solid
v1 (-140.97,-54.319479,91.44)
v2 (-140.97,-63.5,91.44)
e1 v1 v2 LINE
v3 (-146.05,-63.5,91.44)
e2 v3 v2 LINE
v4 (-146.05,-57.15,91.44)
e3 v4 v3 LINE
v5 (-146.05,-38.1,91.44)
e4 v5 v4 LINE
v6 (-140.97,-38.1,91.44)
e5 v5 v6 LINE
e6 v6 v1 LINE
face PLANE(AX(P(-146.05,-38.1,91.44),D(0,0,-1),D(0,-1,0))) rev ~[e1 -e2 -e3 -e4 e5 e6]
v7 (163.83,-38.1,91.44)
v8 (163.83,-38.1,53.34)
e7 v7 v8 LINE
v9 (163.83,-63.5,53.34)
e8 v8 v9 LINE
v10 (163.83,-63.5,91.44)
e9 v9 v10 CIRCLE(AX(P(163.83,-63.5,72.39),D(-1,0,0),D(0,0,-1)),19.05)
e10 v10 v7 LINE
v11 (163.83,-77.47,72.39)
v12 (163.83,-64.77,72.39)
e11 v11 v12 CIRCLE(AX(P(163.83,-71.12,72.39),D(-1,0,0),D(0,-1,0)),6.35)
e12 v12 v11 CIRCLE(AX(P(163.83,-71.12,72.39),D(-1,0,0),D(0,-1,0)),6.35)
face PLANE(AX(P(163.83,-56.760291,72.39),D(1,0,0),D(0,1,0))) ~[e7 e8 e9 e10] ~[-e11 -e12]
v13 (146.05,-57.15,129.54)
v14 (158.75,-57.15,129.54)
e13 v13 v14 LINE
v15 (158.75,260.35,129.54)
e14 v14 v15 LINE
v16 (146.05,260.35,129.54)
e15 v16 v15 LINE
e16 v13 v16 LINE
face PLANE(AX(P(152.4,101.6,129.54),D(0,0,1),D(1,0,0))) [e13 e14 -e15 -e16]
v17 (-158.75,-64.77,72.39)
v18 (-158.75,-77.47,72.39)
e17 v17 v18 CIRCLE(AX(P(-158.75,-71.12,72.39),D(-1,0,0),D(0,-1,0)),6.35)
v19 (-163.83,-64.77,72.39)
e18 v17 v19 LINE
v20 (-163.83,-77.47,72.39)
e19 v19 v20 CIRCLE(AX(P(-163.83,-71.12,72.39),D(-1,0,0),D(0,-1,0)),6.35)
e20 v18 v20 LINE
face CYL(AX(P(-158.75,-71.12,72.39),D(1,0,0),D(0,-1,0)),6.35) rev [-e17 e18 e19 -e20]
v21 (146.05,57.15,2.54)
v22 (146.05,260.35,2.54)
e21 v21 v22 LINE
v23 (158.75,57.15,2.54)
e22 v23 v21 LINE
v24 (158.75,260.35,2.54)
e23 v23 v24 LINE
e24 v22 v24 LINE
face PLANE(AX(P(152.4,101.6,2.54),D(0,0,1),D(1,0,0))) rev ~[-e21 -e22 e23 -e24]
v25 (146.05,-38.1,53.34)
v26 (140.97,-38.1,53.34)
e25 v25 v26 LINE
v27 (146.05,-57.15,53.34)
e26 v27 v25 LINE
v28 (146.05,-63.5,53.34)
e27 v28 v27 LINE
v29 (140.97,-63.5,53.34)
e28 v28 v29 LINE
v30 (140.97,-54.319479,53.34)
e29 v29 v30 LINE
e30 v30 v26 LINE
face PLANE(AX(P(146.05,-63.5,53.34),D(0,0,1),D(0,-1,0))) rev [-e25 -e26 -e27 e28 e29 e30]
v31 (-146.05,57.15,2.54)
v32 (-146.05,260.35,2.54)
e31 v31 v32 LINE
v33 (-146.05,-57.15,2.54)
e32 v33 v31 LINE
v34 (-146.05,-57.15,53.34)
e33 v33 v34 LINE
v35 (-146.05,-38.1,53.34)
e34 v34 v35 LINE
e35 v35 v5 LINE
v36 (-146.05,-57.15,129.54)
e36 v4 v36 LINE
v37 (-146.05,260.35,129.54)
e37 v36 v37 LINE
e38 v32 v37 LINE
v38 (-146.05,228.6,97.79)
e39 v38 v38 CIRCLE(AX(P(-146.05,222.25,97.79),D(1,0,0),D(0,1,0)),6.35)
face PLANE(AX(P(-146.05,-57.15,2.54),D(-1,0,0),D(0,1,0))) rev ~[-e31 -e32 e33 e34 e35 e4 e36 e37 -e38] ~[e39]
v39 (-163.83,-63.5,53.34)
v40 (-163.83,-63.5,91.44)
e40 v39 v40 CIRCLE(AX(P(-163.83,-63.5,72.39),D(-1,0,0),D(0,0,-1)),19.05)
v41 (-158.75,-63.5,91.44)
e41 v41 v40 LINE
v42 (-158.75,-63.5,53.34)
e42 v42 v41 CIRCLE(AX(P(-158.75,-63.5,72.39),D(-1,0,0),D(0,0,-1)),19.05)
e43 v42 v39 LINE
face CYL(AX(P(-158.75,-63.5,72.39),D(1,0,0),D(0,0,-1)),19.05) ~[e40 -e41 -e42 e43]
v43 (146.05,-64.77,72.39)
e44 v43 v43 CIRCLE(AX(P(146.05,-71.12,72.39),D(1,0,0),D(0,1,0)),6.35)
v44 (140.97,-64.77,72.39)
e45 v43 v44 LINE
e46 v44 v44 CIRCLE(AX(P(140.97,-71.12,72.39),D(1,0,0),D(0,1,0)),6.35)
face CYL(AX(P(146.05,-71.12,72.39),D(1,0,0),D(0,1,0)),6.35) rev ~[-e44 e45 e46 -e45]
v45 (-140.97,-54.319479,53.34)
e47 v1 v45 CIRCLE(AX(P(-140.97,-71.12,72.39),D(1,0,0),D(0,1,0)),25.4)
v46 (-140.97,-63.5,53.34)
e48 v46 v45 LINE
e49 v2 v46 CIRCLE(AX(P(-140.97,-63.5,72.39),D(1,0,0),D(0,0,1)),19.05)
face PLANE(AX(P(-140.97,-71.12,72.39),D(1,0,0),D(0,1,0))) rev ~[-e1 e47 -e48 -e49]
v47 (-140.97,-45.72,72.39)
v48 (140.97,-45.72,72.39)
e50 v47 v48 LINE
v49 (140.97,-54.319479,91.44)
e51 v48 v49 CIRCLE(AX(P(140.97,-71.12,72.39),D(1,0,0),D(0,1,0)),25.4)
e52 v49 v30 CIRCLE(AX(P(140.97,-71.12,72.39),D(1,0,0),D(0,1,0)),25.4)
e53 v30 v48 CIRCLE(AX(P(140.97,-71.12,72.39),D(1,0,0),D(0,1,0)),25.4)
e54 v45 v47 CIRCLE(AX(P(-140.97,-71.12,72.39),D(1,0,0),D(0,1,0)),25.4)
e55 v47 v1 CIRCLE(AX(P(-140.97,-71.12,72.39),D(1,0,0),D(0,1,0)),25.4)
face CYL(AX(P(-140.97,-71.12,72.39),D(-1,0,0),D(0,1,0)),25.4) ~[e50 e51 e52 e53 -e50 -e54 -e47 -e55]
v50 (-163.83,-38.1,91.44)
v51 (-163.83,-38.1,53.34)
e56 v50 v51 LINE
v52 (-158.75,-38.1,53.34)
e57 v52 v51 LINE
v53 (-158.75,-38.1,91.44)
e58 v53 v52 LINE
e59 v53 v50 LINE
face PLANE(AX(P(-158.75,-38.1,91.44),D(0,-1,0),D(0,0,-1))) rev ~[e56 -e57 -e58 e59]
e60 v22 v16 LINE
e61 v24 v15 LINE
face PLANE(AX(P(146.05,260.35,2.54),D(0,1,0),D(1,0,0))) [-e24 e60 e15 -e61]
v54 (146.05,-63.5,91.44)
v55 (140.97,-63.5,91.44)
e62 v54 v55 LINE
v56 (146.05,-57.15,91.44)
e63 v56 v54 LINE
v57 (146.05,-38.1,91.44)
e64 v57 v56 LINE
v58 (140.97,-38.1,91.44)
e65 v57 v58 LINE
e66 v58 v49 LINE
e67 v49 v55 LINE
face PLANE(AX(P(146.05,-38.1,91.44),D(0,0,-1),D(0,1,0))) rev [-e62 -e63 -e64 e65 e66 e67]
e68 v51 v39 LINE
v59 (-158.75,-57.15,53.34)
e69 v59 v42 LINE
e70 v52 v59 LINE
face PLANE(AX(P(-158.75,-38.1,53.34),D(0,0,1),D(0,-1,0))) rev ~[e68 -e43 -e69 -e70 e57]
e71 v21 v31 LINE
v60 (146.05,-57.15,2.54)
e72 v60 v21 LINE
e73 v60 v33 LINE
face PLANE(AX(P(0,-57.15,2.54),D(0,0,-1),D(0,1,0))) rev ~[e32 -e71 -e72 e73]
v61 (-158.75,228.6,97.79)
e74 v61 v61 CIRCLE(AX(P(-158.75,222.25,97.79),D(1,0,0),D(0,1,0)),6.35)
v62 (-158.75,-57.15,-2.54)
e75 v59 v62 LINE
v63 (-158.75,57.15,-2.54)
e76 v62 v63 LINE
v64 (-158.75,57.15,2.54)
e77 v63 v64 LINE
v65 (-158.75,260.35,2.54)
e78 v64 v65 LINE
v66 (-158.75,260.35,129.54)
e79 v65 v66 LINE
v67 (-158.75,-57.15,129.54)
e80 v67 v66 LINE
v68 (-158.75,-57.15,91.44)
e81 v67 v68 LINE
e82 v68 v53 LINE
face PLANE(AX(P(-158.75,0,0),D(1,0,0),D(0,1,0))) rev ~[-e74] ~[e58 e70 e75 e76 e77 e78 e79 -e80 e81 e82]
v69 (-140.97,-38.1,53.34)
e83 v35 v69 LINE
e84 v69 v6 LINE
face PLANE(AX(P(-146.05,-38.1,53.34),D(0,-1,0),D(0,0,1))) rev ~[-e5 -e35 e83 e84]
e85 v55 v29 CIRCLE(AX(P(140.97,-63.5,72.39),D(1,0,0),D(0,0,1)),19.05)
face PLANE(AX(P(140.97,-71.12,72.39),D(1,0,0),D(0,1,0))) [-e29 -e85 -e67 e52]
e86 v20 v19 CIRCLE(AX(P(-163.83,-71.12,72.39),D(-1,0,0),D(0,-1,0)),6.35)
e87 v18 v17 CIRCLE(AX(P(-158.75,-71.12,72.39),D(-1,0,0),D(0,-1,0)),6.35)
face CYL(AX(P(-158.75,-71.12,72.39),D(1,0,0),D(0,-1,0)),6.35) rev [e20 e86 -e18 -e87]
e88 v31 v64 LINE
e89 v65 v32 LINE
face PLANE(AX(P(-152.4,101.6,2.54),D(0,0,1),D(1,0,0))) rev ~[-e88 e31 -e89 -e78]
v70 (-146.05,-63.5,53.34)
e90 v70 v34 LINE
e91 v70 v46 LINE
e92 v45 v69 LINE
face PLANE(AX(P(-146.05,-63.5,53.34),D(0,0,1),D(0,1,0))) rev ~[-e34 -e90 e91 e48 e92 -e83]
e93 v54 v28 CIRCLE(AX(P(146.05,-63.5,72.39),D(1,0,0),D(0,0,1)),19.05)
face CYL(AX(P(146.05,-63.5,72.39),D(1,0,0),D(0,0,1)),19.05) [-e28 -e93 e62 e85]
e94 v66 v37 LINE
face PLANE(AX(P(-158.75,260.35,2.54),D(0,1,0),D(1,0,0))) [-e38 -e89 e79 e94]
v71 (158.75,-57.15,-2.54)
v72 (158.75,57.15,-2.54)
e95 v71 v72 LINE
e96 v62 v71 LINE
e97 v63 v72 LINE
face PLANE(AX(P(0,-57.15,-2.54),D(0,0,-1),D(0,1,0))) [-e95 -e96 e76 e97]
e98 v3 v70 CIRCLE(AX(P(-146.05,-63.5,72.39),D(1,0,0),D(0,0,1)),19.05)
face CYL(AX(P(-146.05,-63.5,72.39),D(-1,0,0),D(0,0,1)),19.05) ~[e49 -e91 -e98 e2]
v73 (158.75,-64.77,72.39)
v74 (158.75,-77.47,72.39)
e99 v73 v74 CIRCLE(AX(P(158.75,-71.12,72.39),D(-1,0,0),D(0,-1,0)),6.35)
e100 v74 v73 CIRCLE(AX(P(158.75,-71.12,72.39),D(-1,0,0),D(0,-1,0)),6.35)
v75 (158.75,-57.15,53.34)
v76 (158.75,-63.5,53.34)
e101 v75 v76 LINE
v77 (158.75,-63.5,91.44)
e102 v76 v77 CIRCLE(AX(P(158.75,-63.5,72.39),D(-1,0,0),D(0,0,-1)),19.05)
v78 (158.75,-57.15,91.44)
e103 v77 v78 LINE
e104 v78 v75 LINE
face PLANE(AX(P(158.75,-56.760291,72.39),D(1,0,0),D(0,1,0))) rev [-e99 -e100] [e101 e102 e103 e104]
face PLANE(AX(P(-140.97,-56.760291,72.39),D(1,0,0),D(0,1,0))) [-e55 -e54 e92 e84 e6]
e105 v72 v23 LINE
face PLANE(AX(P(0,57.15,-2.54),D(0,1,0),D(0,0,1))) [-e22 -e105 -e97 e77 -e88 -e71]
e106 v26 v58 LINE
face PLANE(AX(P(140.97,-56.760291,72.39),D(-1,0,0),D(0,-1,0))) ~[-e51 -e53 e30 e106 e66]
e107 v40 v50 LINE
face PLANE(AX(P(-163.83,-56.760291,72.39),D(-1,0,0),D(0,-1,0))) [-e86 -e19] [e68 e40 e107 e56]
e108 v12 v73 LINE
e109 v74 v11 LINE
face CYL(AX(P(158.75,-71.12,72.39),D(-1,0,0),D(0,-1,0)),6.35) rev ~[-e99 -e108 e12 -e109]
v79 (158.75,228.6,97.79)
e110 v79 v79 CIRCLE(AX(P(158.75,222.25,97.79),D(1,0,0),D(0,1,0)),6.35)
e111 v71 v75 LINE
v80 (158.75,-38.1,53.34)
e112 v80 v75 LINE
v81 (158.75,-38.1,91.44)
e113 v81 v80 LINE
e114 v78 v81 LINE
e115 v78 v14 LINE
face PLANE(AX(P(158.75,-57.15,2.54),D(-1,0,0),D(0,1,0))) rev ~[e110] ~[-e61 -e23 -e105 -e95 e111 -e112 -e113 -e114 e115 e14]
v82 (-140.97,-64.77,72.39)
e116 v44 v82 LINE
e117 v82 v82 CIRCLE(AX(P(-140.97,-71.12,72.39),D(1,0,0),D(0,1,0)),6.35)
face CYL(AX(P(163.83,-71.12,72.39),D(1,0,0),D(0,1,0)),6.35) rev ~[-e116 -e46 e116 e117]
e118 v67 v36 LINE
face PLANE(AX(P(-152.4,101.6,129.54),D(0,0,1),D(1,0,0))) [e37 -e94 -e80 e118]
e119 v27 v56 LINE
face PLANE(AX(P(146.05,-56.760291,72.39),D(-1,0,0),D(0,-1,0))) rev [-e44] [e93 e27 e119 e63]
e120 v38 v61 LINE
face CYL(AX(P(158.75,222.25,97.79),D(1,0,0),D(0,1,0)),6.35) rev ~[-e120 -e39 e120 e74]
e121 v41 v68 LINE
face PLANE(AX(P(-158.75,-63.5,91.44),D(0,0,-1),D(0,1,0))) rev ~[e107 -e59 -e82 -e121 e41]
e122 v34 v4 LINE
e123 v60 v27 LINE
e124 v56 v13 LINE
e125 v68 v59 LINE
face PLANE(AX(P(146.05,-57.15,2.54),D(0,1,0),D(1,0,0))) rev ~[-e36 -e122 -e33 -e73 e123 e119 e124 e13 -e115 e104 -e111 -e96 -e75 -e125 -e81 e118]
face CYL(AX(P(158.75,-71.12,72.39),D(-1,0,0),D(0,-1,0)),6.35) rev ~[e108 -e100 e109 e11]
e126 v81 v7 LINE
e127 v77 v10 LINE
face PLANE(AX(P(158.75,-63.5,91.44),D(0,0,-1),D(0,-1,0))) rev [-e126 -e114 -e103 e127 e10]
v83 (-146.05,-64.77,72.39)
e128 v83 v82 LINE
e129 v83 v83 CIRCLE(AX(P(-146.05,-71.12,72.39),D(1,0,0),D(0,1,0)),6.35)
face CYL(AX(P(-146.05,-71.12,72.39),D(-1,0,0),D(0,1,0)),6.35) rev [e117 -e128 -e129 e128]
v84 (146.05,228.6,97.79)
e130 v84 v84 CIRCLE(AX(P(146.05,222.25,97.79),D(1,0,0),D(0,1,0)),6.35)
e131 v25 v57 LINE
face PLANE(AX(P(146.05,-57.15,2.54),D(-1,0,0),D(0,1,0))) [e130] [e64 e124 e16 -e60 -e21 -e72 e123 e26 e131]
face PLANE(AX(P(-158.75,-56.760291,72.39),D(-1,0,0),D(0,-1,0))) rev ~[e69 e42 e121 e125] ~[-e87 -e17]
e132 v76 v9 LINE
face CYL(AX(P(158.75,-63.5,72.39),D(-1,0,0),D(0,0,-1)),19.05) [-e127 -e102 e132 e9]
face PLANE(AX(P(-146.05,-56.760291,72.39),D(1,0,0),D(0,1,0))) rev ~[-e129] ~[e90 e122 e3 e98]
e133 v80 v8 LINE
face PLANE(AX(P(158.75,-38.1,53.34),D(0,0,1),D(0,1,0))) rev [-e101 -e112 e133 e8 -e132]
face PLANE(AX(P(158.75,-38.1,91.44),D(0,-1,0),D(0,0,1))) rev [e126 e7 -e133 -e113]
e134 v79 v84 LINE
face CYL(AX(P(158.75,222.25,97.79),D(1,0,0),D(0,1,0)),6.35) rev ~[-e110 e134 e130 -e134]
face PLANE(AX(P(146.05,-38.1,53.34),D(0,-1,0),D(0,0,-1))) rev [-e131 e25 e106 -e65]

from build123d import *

# Parameters (mm, degrees)
F0_W      = 114.3
F0_H      = 5.08
F1_DEPTH  = 158.75
F2_W      = 12.7
F2_H      = 317.5
F3_DEPTH  = 127
F4_R      = 6.35
F5_DEPTH  = 5.08
F6_R      = 6.35
F7_DEPTH  = 5.08
F9_R      = 25.4
F10_DEPTH = 281.94
F11_R     = 6.35
F12_DEPTH = 327.66
F13_R     = 6.35
F14_DEPTH = 322.581


with BuildPart() as f1:
    # F0 (on Right) → F1 (new body, symmetric)
    with BuildSketch(Plane.YZ):
        Rectangle(F0_W, F0_H)
    extrude(amount=F1_DEPTH, both=True)

    # F2 (on face) → F3 (join)
    with BuildSketch(Plane.XY.offset(2.54)):
        with Locations((152.4, 101.6)):
            Rectangle(F2_W, F2_H)
        with Locations((-152.4, 101.6)):
            Rectangle(F2_W, F2_H)
    extrude(amount=F3_DEPTH)

    # F4 (on face) → F5 (join)
    with BuildSketch(Plane.YZ.offset(-146.05)):
        with BuildLine():
            Line((-38.1, 91.44), (-63.5, 91.44))
            ThreePointArc((-63.5, 91.44), (-82.55, 72.39), (-63.5, 53.34))
            Line((-63.5, 53.34), (-38.1, 53.34))
            Line((-38.1, 53.34), (-38.1, 91.44))
        make_face()
        with Locations((-71.12, 72.39)):
            Circle(F4_R, mode=Mode.SUBTRACT)
    extrude(amount=F5_DEPTH)

    # F6 (on face) → F7 (join)
    with BuildSketch(Plane(origin=(-158.75, 0, 0), x_dir=(0, -1, 0), z_dir=(-1, 0, 0))):
        with BuildLine():
            Line((63.5, 91.44), (38.1, 91.44))
            Line((38.1, 91.44), (38.1, 53.34))
            Line((38.1, 53.34), (63.5, 53.34))
            ThreePointArc((63.5, 53.34), (82.55, 72.39), (63.5, 91.44))
        make_face()
        with Locations((71.12, 72.39)):
            Circle(F6_R, mode=Mode.SUBTRACT)
    extrude(amount=F7_DEPTH)

    # F8: F1 across plane


with BuildPart() as f1_1:
    add(f1.part)
    add(f1.part.mirror(Plane.YZ))

    # F9 (on face) → F10 (join)
    with BuildSketch(Plane.YZ.offset(-140.97)):
        with Locations((-71.12, 72.39)):
            Circle(F9_R)
    extrude(amount=F10_DEPTH)

    # F11 (on face) → F12 (cut)
    with BuildSketch(Plane.YZ.offset(163.83)):
        with Locations((-71.12, 72.39)):
            Circle(F11_R)
    extrude(amount=-F12_DEPTH, mode=Mode.SUBTRACT)

    # F13 (on face) → F14 (cut, through all)
    with BuildSketch(Plane.YZ.offset(158.75)):
        with Locations((222.25, 97.79)):
            Circle(F13_R)
    extrude(amount=-F14_DEPTH, mode=Mode.SUBTRACT)


solid = f1_1.part
